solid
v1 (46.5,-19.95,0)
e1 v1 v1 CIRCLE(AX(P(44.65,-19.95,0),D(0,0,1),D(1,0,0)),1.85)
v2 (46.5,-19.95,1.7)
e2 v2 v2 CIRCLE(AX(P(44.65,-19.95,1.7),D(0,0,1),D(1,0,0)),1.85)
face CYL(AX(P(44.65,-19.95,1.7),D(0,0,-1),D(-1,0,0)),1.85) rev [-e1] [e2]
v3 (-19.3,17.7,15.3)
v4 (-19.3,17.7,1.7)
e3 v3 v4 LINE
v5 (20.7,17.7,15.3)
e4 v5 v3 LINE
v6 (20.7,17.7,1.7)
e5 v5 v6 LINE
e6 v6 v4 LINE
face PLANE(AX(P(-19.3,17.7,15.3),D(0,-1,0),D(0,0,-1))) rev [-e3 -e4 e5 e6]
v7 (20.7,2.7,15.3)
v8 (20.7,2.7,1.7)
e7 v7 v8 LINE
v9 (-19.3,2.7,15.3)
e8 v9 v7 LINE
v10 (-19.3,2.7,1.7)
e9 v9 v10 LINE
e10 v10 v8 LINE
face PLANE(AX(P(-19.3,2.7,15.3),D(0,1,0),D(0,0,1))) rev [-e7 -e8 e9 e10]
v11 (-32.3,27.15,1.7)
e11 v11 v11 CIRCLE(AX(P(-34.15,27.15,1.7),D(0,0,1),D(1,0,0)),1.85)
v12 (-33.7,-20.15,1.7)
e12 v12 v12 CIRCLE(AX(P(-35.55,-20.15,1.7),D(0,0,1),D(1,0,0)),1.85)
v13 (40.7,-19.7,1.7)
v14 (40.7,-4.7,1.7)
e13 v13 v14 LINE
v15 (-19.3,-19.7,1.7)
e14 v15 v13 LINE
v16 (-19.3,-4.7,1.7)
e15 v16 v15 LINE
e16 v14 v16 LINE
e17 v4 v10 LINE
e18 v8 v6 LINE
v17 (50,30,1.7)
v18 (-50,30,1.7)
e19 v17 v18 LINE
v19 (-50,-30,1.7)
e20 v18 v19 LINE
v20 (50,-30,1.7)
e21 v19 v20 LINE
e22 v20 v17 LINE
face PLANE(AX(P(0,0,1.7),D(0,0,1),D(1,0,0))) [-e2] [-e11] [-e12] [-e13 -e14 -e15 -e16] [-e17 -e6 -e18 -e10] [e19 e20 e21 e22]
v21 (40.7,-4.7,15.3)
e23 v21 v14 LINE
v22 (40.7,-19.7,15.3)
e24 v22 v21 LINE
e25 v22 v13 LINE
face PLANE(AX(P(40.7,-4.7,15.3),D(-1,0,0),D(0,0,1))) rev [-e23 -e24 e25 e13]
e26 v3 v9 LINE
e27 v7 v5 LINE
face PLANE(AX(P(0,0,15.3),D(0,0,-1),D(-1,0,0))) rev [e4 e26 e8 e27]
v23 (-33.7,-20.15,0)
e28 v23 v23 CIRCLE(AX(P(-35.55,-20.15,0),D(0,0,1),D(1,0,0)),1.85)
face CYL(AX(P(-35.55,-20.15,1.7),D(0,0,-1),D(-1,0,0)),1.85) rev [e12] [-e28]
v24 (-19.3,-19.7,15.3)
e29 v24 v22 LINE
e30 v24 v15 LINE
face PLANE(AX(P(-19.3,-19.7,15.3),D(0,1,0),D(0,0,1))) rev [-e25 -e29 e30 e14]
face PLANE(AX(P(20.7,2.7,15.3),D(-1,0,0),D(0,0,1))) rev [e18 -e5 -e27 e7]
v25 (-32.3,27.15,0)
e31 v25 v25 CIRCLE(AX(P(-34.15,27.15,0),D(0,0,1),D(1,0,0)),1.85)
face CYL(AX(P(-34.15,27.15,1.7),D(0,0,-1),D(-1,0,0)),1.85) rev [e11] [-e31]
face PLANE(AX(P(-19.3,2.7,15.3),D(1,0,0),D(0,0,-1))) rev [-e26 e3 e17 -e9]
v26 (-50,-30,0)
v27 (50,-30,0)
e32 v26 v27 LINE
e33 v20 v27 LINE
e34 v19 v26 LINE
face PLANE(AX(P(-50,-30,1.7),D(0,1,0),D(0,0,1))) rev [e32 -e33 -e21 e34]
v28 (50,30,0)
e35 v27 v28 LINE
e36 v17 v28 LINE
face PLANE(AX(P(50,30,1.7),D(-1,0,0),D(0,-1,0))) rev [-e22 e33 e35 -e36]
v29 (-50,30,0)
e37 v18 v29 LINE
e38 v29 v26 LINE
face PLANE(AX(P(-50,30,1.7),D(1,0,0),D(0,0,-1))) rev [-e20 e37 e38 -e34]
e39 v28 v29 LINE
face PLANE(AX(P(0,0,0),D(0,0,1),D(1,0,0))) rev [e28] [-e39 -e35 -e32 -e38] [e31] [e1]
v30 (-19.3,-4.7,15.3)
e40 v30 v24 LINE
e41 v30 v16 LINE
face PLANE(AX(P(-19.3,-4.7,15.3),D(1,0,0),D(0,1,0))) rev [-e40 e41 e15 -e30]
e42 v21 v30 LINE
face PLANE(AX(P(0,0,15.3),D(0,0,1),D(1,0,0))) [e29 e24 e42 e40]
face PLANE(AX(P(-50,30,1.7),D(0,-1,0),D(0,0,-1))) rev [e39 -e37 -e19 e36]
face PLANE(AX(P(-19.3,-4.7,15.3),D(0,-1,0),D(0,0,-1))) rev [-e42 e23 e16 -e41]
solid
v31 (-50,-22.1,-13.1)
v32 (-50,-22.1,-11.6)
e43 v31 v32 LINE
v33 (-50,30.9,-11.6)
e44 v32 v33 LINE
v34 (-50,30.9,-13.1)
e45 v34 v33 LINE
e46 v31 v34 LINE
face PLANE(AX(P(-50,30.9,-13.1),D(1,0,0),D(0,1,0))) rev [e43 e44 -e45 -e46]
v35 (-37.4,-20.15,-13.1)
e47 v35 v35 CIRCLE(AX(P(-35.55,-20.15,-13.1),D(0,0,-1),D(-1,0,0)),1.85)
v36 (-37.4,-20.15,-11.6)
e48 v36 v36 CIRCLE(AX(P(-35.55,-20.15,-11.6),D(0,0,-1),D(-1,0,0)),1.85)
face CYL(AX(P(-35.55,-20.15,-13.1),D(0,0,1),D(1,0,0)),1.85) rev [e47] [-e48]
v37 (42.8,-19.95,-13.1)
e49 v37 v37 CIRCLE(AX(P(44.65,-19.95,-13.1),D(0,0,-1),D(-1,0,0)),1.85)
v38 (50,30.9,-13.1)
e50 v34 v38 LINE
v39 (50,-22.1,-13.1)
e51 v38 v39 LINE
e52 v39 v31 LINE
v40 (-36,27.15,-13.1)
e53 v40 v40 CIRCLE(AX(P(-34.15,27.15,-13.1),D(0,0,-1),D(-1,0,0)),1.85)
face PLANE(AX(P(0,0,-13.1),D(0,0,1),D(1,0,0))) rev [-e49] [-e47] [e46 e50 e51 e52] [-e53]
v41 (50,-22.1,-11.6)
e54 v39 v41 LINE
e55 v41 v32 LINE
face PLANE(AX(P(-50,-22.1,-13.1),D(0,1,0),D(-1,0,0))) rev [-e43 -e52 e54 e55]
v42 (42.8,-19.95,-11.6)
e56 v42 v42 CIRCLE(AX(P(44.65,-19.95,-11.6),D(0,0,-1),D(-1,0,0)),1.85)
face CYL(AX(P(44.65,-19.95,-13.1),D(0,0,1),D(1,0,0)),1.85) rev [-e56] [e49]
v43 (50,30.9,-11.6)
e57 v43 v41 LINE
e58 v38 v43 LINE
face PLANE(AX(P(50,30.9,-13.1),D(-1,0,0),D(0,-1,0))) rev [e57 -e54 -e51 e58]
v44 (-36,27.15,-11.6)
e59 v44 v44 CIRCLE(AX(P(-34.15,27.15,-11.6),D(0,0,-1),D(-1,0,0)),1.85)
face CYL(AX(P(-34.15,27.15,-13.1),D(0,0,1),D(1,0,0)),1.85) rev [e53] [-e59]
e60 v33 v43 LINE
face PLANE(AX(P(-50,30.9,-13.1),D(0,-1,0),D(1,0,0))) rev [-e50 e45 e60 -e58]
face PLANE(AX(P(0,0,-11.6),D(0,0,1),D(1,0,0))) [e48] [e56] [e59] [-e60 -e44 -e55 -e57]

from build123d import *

# Parameters (mm, degrees)
ESBO_O1_W                = 100
ESBO_O1_H                = 60
ESBO_O1_R                = 1.85
RESSALTO_EXTRUS_O1_DEPTH = 1.7
ESBO_O2_W                = 60
ESBO_O2_H                = 15
ESBO_O2_W_2              = 40
RESSALTO_EXTRUS_O2_DEPTH = 13.6
RESSALTO_EXTRUS_O6_START = 11.6
ESBO_O3_W                = 100
ESBO_O3_H                = 53
ESBO_O3_R                = 1.85
RESSALTO_EXTRUS_O6_DEPTH = 1.5


with BuildPart() as part:
    # Esboço1 → Ressalto-extrusão1 (new body)
    with BuildSketch(Plane.XY):
        Rectangle(ESBO_O1_W, ESBO_O1_H)
        with Locations((-34.15, 27.15)):
            Circle(ESBO_O1_R, mode=Mode.SUBTRACT)
        with Locations((-35.55, -20.15)):
            Circle(ESBO_O1_R, mode=Mode.SUBTRACT)
        with Locations((44.65, -19.95)):
            Circle(ESBO_O1_R, mode=Mode.SUBTRACT)
    extrude(amount=RESSALTO_EXTRUS_O1_DEPTH)

    # Esboço2 → Ressalto-extrusão2 (add)
    with BuildSketch(Plane.XY.offset(1.7)):
        with Locations((10.7, -12.2)):
            Rectangle(ESBO_O2_W, ESBO_O2_H)
        with Locations((0.7, 10.2)):
            Rectangle(ESBO_O2_W_2, ESBO_O2_H)
    extrude(amount=RESSALTO_EXTRUS_O2_DEPTH)


with BuildPart() as body_2:
    # Esboço3 → Ressalto-extrusão6 (new body)
    with BuildSketch(Plane(origin=(0, 0, 0), x_dir=(-1, 0, 0), z_dir=(0, 0, -1)).offset(RESSALTO_EXTRUS_O6_START)):
        with Locations((0, 4.4)):
            Rectangle(ESBO_O3_W, ESBO_O3_H)
        with Locations((-44.65, -19.95)):
            Circle(ESBO_O3_R, mode=Mode.SUBTRACT)
        with Locations((34.15, 27.15)):
            Circle(ESBO_O3_R, mode=Mode.SUBTRACT)
        with Locations((35.55, -20.15)):
            Circle(ESBO_O3_R, mode=Mode.SUBTRACT)
    extrude(amount=RESSALTO_EXTRUS_O6_DEPTH)


solid = Compound([part.part, body_2.part])
